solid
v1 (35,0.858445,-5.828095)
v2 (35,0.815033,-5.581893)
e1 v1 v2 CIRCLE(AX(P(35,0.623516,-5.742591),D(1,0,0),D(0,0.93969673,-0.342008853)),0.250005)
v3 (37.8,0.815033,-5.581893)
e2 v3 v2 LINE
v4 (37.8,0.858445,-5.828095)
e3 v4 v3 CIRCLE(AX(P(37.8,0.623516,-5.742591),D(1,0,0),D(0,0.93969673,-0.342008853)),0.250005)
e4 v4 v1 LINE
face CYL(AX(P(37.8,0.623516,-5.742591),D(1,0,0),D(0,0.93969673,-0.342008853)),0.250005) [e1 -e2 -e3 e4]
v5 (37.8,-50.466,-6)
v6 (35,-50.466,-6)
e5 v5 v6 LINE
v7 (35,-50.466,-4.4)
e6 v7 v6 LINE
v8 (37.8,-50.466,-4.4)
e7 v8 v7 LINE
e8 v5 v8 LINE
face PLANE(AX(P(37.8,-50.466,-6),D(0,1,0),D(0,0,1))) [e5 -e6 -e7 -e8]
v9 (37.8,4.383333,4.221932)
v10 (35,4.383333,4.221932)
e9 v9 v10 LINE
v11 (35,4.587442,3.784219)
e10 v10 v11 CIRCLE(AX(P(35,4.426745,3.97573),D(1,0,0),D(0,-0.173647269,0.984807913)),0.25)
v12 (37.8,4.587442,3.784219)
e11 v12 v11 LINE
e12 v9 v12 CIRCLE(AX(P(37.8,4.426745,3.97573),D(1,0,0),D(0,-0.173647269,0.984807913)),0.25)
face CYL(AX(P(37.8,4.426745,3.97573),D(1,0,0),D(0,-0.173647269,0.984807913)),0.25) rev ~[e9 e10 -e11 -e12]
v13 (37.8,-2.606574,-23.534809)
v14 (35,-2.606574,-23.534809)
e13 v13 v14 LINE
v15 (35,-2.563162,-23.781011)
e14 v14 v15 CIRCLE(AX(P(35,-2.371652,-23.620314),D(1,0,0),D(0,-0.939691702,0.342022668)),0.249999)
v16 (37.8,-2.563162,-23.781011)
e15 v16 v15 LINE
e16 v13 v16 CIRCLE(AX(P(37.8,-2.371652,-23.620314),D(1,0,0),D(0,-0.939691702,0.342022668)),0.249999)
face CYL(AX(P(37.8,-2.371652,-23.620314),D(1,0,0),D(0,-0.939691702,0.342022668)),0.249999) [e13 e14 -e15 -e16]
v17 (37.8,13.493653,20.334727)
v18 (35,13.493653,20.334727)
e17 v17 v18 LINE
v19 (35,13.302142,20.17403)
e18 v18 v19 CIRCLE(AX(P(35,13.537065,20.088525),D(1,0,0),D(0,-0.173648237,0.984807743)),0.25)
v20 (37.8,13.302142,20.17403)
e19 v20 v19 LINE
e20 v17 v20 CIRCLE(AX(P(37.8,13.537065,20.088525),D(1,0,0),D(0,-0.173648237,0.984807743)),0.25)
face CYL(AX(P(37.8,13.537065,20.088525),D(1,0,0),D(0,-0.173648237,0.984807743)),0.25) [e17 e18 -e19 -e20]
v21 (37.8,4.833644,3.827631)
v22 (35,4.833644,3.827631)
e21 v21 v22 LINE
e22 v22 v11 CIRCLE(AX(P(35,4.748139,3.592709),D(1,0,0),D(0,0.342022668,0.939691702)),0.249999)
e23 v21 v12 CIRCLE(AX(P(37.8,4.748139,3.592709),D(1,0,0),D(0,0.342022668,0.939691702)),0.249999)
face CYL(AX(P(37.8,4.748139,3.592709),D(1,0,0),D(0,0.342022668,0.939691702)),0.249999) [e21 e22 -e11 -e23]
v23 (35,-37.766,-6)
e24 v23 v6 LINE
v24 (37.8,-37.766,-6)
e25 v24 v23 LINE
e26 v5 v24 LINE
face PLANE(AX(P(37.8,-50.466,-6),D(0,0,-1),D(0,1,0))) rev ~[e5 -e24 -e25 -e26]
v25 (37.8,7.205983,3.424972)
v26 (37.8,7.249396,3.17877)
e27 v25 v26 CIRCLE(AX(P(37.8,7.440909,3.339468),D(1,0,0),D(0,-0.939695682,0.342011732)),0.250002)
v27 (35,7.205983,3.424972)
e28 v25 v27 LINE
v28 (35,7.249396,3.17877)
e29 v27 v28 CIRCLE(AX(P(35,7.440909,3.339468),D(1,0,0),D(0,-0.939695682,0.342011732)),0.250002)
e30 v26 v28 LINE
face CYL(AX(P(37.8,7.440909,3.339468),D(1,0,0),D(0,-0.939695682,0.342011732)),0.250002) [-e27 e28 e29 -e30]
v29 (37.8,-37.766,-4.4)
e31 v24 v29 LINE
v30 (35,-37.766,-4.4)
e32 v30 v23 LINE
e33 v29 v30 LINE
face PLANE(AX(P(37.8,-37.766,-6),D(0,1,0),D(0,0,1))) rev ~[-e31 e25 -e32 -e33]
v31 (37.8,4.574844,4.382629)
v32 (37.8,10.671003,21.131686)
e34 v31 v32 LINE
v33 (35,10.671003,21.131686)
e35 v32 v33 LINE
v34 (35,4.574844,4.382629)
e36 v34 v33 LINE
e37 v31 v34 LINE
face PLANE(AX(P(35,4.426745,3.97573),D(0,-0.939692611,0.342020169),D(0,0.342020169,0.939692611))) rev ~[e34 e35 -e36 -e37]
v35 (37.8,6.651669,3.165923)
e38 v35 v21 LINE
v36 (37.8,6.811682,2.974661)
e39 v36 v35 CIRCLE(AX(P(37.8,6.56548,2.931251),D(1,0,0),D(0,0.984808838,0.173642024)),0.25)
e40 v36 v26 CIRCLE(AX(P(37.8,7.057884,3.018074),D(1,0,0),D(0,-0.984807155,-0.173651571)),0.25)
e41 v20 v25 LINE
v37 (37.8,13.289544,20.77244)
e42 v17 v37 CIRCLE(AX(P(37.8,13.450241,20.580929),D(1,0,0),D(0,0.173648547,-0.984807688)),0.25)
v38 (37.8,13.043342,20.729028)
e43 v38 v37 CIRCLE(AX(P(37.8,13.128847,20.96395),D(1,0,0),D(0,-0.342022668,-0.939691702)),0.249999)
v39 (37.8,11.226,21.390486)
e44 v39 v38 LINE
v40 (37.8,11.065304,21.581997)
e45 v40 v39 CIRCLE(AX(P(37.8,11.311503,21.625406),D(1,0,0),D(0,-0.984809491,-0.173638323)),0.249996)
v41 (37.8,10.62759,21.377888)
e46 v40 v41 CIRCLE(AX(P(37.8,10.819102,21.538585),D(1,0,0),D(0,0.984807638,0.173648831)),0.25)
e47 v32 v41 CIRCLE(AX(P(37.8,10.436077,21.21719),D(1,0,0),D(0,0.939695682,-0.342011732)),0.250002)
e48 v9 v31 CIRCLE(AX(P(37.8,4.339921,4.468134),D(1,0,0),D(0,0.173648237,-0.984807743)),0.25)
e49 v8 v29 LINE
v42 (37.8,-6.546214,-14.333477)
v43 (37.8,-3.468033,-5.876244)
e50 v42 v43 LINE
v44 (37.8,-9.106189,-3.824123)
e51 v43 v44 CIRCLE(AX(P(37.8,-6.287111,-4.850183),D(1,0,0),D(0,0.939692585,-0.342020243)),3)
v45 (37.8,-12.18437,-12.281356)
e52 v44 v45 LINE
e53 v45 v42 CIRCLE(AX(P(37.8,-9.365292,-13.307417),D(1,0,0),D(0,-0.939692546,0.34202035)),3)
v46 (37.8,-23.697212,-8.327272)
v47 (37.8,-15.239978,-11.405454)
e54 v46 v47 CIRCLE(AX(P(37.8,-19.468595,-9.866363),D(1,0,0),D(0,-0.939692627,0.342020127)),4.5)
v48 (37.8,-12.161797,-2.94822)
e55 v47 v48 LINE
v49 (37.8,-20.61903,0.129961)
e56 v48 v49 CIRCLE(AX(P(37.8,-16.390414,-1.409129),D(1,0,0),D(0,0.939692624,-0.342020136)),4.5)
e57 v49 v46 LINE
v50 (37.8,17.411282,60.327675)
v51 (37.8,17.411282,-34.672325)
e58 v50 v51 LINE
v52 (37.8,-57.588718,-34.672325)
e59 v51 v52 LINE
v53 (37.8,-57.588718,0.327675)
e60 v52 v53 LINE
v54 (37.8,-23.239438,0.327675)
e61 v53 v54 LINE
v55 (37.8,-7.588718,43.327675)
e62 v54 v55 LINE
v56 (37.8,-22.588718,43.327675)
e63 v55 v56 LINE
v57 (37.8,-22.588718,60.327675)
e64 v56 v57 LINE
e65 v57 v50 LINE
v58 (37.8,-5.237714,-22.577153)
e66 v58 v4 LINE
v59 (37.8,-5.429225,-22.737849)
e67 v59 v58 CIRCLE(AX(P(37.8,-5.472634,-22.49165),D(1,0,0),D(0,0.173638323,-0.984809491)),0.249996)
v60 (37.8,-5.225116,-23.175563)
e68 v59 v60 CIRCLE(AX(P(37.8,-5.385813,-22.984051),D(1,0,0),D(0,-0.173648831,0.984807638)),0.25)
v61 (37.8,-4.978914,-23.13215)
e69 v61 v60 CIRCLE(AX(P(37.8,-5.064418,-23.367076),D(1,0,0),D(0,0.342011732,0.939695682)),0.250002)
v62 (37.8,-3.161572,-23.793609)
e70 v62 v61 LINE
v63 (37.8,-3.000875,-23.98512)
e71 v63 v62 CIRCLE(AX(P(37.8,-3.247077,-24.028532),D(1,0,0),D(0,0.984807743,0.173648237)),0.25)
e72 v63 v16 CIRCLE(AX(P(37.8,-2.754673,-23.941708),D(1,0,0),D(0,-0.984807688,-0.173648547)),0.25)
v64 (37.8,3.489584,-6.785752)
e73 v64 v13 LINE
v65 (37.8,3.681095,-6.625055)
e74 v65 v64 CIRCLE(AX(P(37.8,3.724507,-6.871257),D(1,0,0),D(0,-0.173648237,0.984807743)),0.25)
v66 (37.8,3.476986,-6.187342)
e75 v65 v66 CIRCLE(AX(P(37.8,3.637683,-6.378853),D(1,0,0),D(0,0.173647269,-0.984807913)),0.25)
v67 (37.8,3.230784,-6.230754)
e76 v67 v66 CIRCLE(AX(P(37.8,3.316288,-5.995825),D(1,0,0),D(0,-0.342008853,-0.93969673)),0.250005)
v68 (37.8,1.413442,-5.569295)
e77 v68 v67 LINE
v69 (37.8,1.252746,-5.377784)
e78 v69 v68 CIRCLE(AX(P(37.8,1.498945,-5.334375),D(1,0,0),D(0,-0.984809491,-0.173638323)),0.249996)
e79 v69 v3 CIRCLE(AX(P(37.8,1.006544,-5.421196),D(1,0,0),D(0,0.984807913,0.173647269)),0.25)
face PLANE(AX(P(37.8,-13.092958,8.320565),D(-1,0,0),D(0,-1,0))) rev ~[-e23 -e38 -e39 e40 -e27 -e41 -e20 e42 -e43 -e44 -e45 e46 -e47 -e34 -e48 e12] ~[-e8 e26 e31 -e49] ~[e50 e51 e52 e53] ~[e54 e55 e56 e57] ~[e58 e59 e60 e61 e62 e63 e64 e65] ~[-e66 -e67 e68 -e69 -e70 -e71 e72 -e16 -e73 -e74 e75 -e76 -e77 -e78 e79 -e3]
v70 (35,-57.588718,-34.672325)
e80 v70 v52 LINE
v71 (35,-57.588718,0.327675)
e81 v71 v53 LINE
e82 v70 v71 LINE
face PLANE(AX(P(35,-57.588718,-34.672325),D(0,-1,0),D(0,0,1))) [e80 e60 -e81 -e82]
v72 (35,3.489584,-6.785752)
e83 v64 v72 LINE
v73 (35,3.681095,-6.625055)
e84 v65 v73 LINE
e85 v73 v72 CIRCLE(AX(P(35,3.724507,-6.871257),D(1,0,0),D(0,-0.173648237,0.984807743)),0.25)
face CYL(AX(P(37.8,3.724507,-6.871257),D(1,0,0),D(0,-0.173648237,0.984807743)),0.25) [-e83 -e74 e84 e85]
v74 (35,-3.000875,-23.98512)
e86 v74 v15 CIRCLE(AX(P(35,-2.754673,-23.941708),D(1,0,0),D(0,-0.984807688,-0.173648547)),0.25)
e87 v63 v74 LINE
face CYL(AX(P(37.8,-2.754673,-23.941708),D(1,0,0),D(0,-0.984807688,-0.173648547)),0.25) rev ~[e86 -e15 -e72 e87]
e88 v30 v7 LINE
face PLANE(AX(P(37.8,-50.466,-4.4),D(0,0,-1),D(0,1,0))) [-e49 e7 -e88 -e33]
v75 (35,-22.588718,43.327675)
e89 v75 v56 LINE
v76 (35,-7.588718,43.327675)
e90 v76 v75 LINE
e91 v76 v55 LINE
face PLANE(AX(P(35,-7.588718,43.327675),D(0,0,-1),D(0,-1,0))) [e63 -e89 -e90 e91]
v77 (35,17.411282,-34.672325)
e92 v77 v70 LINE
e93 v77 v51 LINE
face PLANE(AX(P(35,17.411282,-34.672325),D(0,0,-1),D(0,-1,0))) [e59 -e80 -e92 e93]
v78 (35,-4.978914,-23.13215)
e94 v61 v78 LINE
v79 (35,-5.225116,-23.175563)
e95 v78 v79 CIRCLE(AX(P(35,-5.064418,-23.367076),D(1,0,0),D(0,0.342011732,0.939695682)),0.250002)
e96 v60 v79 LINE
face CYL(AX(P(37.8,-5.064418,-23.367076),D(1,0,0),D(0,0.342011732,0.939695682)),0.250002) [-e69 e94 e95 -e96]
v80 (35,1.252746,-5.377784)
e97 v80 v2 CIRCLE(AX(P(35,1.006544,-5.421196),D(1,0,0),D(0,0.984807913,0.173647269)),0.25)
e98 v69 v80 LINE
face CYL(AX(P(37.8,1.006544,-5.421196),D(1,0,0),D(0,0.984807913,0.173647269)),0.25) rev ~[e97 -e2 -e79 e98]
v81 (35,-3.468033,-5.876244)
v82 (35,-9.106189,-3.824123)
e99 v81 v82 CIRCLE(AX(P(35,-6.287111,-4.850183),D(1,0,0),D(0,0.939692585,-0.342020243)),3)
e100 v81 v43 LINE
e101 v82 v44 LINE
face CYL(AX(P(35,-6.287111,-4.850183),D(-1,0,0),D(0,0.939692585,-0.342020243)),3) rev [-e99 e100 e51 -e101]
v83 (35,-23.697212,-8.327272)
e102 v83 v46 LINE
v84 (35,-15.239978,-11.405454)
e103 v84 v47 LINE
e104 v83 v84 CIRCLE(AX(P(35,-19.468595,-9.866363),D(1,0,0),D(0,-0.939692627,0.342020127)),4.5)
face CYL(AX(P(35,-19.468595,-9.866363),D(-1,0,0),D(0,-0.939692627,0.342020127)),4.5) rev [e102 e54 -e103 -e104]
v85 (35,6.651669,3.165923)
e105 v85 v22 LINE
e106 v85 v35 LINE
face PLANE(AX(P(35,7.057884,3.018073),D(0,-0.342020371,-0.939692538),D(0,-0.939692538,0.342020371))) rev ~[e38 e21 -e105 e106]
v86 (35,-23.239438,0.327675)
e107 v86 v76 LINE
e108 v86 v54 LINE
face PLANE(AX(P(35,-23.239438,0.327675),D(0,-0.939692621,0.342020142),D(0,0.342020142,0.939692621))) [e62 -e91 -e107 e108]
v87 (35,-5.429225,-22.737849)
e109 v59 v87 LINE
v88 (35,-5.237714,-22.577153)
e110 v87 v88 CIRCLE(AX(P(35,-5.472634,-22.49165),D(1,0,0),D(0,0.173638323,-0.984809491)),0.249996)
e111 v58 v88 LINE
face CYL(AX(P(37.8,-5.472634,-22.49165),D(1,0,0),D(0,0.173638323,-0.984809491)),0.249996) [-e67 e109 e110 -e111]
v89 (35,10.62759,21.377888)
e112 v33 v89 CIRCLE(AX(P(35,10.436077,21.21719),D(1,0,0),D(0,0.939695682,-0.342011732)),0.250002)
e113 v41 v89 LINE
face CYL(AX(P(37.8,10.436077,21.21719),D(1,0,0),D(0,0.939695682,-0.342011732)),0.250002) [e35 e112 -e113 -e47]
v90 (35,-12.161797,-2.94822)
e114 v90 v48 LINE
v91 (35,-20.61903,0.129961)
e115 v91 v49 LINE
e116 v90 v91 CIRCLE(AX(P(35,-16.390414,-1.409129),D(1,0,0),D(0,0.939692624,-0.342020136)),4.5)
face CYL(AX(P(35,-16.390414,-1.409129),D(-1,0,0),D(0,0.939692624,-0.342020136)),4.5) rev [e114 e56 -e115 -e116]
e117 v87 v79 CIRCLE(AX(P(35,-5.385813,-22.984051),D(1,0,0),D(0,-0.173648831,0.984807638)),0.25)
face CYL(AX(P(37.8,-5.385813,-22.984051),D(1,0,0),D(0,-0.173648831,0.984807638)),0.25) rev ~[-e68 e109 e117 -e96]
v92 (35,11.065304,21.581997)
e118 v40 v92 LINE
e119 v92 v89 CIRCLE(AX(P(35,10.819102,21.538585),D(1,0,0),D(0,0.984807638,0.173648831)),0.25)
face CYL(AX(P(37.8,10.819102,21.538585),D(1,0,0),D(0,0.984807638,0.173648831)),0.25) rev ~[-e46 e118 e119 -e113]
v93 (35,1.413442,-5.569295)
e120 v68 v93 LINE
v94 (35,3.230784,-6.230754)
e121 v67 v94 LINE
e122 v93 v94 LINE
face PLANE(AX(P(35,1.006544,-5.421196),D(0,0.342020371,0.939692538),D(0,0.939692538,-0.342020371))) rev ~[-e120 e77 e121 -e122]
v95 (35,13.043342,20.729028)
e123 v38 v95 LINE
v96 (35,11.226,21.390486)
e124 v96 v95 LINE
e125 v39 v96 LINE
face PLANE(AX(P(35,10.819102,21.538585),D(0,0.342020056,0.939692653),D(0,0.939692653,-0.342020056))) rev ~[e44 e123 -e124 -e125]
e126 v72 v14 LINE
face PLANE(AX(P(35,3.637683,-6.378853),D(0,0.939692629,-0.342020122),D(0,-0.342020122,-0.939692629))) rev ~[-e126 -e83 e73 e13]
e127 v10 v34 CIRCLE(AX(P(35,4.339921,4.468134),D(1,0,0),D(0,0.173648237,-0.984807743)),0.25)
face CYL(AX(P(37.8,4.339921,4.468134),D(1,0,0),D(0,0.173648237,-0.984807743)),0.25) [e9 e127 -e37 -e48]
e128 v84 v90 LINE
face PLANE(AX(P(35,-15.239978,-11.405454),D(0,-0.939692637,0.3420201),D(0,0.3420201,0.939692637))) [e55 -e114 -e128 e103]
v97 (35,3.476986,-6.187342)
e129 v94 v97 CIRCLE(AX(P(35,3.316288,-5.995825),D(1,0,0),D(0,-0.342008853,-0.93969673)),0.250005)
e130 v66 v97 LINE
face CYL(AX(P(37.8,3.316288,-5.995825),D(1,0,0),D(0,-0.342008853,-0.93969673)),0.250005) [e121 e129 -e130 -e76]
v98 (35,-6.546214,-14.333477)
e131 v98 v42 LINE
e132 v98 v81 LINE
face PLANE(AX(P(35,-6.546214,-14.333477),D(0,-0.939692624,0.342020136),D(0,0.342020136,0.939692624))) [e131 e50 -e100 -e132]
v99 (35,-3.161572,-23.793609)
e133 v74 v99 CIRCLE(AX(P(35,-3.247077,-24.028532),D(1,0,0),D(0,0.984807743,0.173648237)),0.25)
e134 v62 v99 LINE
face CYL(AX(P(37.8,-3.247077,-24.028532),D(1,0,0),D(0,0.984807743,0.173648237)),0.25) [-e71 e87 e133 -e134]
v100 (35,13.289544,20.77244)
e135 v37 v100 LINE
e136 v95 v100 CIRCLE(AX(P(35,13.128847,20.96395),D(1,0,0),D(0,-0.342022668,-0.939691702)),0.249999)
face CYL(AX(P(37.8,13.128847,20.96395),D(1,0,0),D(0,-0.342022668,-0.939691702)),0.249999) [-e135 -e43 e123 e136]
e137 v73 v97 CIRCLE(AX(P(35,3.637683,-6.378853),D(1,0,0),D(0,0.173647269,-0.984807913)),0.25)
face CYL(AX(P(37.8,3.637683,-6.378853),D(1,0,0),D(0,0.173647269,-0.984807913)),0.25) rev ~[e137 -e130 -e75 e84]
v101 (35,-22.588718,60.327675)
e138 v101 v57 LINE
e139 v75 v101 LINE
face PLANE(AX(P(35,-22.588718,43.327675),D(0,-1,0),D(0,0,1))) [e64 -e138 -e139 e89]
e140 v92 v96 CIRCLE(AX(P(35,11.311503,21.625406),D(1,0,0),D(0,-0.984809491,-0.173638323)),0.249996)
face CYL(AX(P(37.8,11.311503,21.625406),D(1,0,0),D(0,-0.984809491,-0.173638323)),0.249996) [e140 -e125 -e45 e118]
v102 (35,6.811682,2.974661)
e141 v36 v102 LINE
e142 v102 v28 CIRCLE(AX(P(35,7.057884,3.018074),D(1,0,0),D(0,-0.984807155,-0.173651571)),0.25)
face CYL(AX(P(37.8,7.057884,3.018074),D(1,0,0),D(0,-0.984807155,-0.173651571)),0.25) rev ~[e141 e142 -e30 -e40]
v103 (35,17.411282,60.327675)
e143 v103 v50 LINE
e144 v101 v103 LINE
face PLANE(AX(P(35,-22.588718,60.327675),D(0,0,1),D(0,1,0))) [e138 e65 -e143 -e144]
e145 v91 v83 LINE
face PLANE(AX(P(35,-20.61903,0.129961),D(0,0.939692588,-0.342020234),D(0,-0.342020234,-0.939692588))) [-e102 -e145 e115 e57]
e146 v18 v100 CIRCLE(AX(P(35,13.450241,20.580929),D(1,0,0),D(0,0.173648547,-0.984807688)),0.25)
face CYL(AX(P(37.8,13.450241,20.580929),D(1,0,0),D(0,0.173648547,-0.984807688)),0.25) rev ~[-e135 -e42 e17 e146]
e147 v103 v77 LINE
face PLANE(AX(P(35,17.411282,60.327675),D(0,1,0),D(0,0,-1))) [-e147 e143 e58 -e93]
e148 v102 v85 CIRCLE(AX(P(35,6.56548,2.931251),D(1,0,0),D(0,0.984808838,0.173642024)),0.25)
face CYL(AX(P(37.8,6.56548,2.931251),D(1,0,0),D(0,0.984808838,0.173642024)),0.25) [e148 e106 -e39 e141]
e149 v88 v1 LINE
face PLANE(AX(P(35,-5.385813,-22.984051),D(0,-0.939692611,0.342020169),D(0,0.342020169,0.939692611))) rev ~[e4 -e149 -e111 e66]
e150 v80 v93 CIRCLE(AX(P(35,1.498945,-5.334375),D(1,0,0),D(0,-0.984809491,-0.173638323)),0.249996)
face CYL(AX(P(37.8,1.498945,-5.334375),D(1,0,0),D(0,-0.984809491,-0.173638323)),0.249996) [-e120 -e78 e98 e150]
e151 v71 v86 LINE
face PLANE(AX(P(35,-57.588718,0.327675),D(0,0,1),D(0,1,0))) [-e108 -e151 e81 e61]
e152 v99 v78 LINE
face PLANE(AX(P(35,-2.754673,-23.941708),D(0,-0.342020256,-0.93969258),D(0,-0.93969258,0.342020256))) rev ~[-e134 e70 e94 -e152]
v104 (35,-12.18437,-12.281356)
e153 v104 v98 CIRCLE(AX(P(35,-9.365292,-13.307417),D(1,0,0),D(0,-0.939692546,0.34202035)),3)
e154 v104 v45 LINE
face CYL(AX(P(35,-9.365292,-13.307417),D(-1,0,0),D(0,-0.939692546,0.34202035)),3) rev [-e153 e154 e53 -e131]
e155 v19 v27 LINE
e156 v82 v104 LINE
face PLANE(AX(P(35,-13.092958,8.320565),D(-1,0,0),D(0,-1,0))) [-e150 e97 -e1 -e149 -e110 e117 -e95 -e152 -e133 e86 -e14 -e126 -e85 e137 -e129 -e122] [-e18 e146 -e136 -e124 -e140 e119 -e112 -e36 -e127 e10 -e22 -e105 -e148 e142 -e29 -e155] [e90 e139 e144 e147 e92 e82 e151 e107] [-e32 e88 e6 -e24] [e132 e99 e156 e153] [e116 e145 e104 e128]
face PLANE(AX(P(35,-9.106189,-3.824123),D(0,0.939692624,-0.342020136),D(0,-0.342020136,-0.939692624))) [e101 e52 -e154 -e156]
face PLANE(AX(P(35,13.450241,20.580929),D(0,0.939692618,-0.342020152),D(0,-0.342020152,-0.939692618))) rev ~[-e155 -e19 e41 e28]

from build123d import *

# Parameters (mm, degrees)
PAD001_DEPTH    = 2.8
POCKET005_DEPTH = 2.801
SKETCH021_W     = 12.7
SKETCH021_H     = 1.6
POCKET010_DEPTH = 2.801


with BuildPart() as part:
    # Sketch001 (on Face18 of ShapeBinder) → Pad001 (new body)
    with BuildSketch(Plane.YZ.offset(35)):
        Polygon((-22.588718, 60.327675), (17.411282, 60.327675), (17.411282, -34.672325), (-57.588718, -34.672325), (-57.588718, 0.327675), (-23.239438, 0.327675), (-7.588718, 43.327675), (-22.588718, 43.327675), align=None)
        with BuildLine():
            ThreePointArc((-12.161797, -2.94822), (-14.851323, 2.819487), (-20.61903, 0.129961))
            Line((-20.61903, 0.129961), (-23.697212, -8.327272))
            ThreePointArc((-23.697212, -8.327272), (-21.007685, -14.09498), (-15.239978, -11.405454))
            Line((-15.239978, -11.405454), (-12.161797, -2.94822))
        make_face(mode=Mode.SUBTRACT)
        with BuildLine():
            ThreePointArc((-3.468033, -5.876244), (-5.261051, -2.031105), (-9.106189, -3.824123))
            Line((-9.106189, -3.824123), (-12.18437, -12.281356))
            ThreePointArc((-12.18437, -12.281356), (-10.391353, -16.126495), (-6.546214, -14.333477))
            Line((-6.546214, -14.333477), (-3.468033, -5.876244))
        make_face(mode=Mode.SUBTRACT)
        Polygon((10.819102, 21.538585), (13.450241, 20.580929), (7.057884, 3.018073), (4.426745, 3.97573), align=None, mode=Mode.SUBTRACT)
        Polygon((1.006544, -5.421196), (3.637683, -6.378853), (-2.754673, -23.941708), (-5.385813, -22.984051), align=None, mode=Mode.SUBTRACT)
    extrude(amount=PAD001_DEPTH)

    # Sketch013 (on Face26 of Pad001) → Pocket005 (cut, through all)
    with BuildSketch(Plane.YZ.offset(37.8)):
        with BuildLine():
            ThreePointArc((1.252746, -5.377784), (0.900889, -5.194619), (0.815033, -5.581893))
            ThreePointArc((0.858445, -5.828095), (0.869723, -5.699178), (0.815033, -5.581893))
            Line((0.858445, -5.828095), (1.413442, -5.569295))
            ThreePointArc((1.252746, -5.377784), (1.307436, -5.495069), (1.413442, -5.569295))
        make_face()
        with BuildLine():
            ThreePointArc((3.681095, -6.625055), (3.86426, -6.273198), (3.476986, -6.187342))
            ThreePointArc((3.230784, -6.230754), (3.359701, -6.242032), (3.476986, -6.187342))
            Line((3.489584, -6.785752), (3.230784, -6.230754))
            ThreePointArc((3.681095, -6.625055), (3.56381, -6.679746), (3.489584, -6.785752))
        make_face()
        with BuildLine():
            ThreePointArc((-5.429225, -22.737849), (-5.61239, -23.089706), (-5.225116, -23.175563))
            ThreePointArc((-4.978914, -23.13215), (-5.107831, -23.120872), (-5.225116, -23.175563))
            Line((-5.237714, -22.577153), (-4.978914, -23.13215))
            ThreePointArc((-5.429225, -22.737849), (-5.31194, -22.683159), (-5.237714, -22.577153))
        make_face()
        with BuildLine():
            ThreePointArc((-3.000875, -23.98512), (-2.649019, -24.168285), (-2.563162, -23.781011))
            ThreePointArc((-2.606574, -23.534809), (-2.617853, -23.663726), (-2.563162, -23.781011))
            Line((-2.606574, -23.534809), (-3.161572, -23.793609))
            ThreePointArc((-3.000875, -23.98512), (-3.055566, -23.867835), (-3.161572, -23.793609))
        make_face()
        with BuildLine():
            ThreePointArc((11.065304, 21.581997), (10.713447, 21.765162), (10.62759, 21.377888))
            ThreePointArc((10.671003, 21.131686), (10.682281, 21.260603), (10.62759, 21.377888))
            Line((10.671003, 21.131686), (11.226, 21.390486))
            ThreePointArc((11.065304, 21.581997), (11.119994, 21.464712), (11.226, 21.390486))
        make_face()
        with BuildLine():
            ThreePointArc((13.493653, 20.334727), (13.676818, 20.686583), (13.289544, 20.77244))
            ThreePointArc((13.043342, 20.729028), (13.172259, 20.717749), (13.289544, 20.77244))
            Line((13.302142, 20.17403), (13.043342, 20.729028))
            ThreePointArc((13.493653, 20.334727), (13.376368, 20.280036), (13.302142, 20.17403))
        make_face()
        with BuildLine():
            ThreePointArc((4.383333, 4.221932), (4.200168, 3.870075), (4.587442, 3.784219))
            ThreePointArc((4.833644, 3.827631), (4.704727, 3.83891), (4.587442, 3.784219))
            Line((4.574844, 4.382629), (4.833644, 3.827631))
            ThreePointArc((4.383333, 4.221932), (4.500618, 4.276623), (4.574844, 4.382629))
        make_face()
        with BuildLine():
            ThreePointArc((6.811682, 2.974661), (7.163539, 2.791497), (7.249396, 3.17877))
            ThreePointArc((7.205983, 3.424972), (7.194705, 3.296055), (7.249396, 3.17877))
            Line((7.205983, 3.424972), (6.650986, 3.166173))
            ThreePointArc((6.811682, 2.974661), (6.756992, 3.091946), (6.650986, 3.166173))
        make_face()
    extrude(amount=-POCKET005_DEPTH, mode=Mode.SUBTRACT)

    # Sketch021 (on Face5 of Pocket005) → Pocket010 (cut, through all)
    with BuildSketch(Plane.YZ.offset(37.8)):
        with Locations((-44.116, -5.2)):
            Rectangle(SKETCH021_W, SKETCH021_H)
    extrude(amount=-POCKET010_DEPTH, mode=Mode.SUBTRACT)


solid = part.part
